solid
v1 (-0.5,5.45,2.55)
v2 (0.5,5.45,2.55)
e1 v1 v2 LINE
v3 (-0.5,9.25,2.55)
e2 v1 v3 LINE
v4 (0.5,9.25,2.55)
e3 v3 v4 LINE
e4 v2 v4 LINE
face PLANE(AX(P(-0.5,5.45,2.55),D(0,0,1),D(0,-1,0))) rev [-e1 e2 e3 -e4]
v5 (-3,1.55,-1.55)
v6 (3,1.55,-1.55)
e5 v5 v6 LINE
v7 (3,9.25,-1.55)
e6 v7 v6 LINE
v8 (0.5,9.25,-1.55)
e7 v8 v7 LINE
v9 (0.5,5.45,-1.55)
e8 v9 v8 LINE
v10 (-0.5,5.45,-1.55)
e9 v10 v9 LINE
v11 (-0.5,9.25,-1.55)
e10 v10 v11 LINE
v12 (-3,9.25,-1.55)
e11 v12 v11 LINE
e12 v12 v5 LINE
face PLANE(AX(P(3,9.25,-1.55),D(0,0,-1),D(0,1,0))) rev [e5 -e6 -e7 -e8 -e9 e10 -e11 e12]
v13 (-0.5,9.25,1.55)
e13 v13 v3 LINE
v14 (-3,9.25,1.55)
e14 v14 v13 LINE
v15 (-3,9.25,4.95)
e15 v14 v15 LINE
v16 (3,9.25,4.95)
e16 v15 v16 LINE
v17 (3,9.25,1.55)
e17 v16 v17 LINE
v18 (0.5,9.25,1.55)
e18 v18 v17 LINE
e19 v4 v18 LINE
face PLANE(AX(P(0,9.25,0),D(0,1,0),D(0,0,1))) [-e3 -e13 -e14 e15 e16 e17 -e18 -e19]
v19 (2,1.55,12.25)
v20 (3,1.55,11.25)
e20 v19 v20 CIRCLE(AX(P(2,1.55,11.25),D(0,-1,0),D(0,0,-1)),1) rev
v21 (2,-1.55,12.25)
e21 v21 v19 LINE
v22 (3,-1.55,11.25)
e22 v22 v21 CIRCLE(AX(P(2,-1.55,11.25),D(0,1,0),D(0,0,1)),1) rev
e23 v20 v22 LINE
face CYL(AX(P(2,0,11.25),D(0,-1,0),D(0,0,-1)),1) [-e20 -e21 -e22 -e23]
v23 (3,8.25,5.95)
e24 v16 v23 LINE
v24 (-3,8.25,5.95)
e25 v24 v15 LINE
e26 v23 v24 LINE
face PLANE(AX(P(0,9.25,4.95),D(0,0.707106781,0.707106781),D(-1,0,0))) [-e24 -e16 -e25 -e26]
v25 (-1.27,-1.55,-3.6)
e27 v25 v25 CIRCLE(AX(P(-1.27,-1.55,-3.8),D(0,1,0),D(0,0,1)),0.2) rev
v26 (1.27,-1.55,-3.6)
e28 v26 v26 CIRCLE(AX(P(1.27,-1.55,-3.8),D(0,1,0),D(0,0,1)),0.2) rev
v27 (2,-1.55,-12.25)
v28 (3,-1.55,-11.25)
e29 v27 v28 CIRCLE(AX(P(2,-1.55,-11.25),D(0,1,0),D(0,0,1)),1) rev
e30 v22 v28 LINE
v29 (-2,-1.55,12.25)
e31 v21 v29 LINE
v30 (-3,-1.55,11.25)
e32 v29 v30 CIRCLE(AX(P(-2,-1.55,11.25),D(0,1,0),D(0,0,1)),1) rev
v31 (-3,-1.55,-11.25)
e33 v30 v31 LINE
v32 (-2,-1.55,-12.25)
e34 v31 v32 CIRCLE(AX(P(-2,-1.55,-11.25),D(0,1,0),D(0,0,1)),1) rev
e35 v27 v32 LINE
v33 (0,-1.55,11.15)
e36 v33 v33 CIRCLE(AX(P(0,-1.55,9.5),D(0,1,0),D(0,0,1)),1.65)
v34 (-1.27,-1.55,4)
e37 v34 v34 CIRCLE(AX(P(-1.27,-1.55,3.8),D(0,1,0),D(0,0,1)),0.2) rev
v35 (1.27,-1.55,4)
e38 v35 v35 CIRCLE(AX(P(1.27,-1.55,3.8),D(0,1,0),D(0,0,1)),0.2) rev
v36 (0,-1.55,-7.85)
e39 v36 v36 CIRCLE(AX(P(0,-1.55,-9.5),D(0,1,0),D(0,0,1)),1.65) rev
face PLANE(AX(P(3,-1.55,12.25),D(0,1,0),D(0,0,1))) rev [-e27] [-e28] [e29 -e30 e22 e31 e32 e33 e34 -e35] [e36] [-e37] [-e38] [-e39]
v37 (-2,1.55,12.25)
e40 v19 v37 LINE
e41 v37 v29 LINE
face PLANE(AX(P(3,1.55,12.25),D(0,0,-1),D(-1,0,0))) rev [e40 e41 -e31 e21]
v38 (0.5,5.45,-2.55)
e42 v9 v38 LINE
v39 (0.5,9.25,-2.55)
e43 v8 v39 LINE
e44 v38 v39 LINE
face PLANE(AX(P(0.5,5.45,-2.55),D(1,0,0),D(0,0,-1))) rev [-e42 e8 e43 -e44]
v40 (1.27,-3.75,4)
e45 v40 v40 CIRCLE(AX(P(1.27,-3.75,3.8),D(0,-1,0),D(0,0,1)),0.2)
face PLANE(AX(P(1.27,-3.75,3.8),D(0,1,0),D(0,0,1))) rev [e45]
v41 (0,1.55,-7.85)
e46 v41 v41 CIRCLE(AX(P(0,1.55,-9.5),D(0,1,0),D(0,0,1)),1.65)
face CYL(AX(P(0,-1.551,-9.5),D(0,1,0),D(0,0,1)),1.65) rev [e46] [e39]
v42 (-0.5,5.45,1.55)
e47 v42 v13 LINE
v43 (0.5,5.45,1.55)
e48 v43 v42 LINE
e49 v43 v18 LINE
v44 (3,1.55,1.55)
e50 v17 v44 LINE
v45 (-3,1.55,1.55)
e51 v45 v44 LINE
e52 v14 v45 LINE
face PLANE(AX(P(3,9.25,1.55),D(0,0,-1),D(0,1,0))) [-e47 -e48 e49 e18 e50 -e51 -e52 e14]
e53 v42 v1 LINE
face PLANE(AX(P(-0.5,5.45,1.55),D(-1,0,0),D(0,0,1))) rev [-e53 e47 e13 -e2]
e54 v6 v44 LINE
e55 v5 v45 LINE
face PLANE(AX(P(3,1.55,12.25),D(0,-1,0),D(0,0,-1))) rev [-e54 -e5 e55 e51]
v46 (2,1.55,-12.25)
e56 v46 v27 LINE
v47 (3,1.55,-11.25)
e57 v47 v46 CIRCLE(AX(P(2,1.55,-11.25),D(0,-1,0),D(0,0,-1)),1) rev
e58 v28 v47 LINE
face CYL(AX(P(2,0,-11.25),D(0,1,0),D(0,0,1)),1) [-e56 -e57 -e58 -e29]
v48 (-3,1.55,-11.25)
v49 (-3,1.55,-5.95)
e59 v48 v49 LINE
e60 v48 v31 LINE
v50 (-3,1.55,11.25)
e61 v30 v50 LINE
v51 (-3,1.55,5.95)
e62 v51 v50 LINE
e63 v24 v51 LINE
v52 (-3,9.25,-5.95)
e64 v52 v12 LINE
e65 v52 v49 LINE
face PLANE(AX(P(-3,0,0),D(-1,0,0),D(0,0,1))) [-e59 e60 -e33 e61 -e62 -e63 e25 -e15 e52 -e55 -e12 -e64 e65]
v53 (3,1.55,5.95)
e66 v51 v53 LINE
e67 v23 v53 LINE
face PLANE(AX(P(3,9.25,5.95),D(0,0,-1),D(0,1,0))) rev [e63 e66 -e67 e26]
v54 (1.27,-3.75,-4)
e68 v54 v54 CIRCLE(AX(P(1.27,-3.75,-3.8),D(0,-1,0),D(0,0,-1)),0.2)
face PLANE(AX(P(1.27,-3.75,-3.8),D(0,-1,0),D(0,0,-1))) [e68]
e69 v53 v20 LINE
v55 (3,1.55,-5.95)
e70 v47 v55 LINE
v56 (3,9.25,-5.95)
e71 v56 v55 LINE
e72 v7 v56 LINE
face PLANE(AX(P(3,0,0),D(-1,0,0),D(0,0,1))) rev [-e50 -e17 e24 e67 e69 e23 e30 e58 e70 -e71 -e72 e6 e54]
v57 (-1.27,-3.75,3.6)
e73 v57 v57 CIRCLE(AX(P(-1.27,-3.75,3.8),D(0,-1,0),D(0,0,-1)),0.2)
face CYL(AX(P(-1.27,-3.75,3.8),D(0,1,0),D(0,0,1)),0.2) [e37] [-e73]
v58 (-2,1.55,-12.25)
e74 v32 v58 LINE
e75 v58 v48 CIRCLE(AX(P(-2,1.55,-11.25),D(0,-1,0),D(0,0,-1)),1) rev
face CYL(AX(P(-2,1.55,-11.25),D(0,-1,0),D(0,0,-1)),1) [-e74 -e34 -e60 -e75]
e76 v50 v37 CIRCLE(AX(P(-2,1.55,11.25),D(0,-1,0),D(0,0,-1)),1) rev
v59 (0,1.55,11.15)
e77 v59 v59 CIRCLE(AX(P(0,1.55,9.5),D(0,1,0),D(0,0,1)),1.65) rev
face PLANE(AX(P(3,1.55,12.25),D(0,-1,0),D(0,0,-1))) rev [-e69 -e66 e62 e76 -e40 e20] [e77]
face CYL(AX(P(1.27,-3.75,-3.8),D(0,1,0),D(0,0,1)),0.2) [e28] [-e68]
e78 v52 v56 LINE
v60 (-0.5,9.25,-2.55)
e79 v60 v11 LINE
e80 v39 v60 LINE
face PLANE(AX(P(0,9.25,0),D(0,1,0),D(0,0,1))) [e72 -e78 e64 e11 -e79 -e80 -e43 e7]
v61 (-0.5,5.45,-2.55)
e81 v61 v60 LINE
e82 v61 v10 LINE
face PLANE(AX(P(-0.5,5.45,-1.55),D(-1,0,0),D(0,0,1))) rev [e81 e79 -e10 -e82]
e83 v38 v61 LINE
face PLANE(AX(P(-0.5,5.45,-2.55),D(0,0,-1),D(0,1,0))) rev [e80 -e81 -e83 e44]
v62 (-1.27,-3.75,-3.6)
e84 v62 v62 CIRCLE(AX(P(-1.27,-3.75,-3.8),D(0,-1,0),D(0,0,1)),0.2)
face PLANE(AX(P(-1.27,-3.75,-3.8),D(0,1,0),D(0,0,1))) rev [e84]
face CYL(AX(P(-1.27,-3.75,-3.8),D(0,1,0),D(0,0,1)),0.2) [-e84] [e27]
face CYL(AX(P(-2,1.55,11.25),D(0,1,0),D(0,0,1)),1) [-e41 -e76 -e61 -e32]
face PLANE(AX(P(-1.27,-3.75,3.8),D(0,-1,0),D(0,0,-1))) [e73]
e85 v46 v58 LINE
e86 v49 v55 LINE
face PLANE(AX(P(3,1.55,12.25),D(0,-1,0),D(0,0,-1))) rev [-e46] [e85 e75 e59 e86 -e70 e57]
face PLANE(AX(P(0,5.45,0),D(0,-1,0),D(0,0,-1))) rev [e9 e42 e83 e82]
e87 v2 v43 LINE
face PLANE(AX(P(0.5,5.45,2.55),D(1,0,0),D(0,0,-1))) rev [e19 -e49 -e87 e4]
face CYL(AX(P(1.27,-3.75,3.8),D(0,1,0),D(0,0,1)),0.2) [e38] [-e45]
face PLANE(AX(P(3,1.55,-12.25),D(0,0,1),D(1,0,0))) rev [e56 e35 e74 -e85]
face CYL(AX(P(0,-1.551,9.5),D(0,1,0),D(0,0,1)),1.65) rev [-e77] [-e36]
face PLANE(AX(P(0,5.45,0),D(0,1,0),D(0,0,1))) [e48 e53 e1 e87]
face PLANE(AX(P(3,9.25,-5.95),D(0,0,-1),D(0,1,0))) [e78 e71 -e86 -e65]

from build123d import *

# Parameters (mm, degrees)
SKETCH_1_W          = 24.5
SKETCH_1_H          = 3.1
EXTRUDE_1_DEPTH     = 3
FILLET_1_R          = 1
EXTRUDE_START       = -3.1
SKETCH_2_W          = 6
SKETCH_2_H          = 4.4
EXTRUDE_2_DEPTH     = 10.8
CUT_EXTRUDE_1_REACH = 16.777
SKETCH_2_3_R        = 1.65
CHAMFER_1_SIZE      = 1
SKETCH_3_W          = 1
SKETCH_3_H          = 1
CUT_EXTRUDE_2_DEPTH = 3.8
SKETCH_4_R          = 0.2
EXTRUDE_3_DEPTH     = 2.2


with BuildPart() as part:
    # Эскиз1 → Бобышка-Вытянуть1 (new, symmetric)
    with BuildSketch(Plane(origin=(0, 0, 0), x_dir=(0, 0, -1), z_dir=(1, 0, 0))):
        Rectangle(SKETCH_1_W, SKETCH_1_H)
    extrude(amount=EXTRUDE_1_DEPTH, both=True)

    # Скругление1
    fillet_1_edges = [part.edges().sort_by_distance(p)[0] for p in [
        (3, 0, 12.25),
        (-3, 0, 12.25),
        (-3, 0, -12.25),
        (3, 0, -12.25),
    ]]
    fillet(fillet_1_edges, radius=FILLET_1_R)

    # Эскиз2 → Бобышка-Вытянуть2 (add)
    with BuildSketch(Plane(origin=(0, 1.55, 0), x_dir=(1, 0, 0), z_dir=(0, 1, 0)).offset(EXTRUDE_START)):
        with Locations((0, 3.75)):
            Rectangle(SKETCH_2_W, SKETCH_2_H)
        with Locations((0, -3.75)):
            Rectangle(SKETCH_2_W, SKETCH_2_H)
    extrude(amount=EXTRUDE_2_DEPTH)

    # Эскиз2<3> → Вырез-Вытянуть1 (cut, up to next)
    with BuildSketch(Plane(origin=(0, 1.55, 0), x_dir=(1, 0, 0), z_dir=(0, 1, 0)), mode=Mode.PRIVATE) as cut_extrude_1_sk1:
        with Locations(Location((0, -9.5, 0), (0, 0, 270))):
            Circle(SKETCH_2_3_R)
    cut_extrude_1_tool1 = extrude(cut_extrude_1_sk1.sketch, amount=-CUT_EXTRUDE_1_REACH, mode=Mode.PRIVATE) & part.part
    # Эскиз2<3> → Вырез-Вытянуть1 (cut, up to next)
    with BuildSketch(Plane(origin=(0, 1.55, 0), x_dir=(1, 0, 0), z_dir=(0, 1, 0)), mode=Mode.PRIVATE) as cut_extrude_1_sk2:
        with Locations(Location((0, 9.5, 0), (0, 0, 270))):
            Circle(SKETCH_2_3_R)
    cut_extrude_1_tool2 = extrude(cut_extrude_1_sk2.sketch, amount=-CUT_EXTRUDE_1_REACH, mode=Mode.PRIVATE) & part.part
    add(cut_extrude_1_tool1.solids().sort_by_distance((0, 1.55, 9.5))[0], mode=Mode.SUBTRACT)
    add(cut_extrude_1_tool2.solids().sort_by_distance((0, 1.55, -9.5))[0], mode=Mode.SUBTRACT)

    # Фаска1
    chamfer_1_edges = [part.edges().sort_by_distance(p)[0] for p in [
        (0, 9.25, 5.95),
    ]]
    chamfer(chamfer_1_edges, length=CHAMFER_1_SIZE)

    # Эскиз3 → Вырез-Вытянуть2 (cut)
    with BuildSketch(Plane(origin=(0, 9.25, 0), x_dir=(1, 0, 0), z_dir=(0, 1, 0))):
        with Locations((0, 2.05)):
            Rectangle(SKETCH_3_W, SKETCH_3_H)
        with Locations((0, -2.05)):
            Rectangle(SKETCH_3_W, SKETCH_3_H)
    extrude(amount=-CUT_EXTRUDE_2_DEPTH, mode=Mode.SUBTRACT)

    # Эскиз4 → Бобышка-Вытянуть3 (add)
    with BuildSketch(Plane.XZ.offset(1.55)):
        with Locations(Location((-1.27, 3.8, 0), (0, 0, 90))):
            Circle(SKETCH_4_R)
        with Locations(Location((1.27, 3.8, 0), (0, 0, 90))):
            Circle(SKETCH_4_R)
        with Locations(Location((1.27, -3.8, 0), (0, 0, 90))):
            Circle(SKETCH_4_R)
        with Locations(Location((-1.27, -3.8, 0), (0, 0, 90))):
            Circle(SKETCH_4_R)
    extrude(amount=EXTRUDE_3_DEPTH)


solid = part.part
